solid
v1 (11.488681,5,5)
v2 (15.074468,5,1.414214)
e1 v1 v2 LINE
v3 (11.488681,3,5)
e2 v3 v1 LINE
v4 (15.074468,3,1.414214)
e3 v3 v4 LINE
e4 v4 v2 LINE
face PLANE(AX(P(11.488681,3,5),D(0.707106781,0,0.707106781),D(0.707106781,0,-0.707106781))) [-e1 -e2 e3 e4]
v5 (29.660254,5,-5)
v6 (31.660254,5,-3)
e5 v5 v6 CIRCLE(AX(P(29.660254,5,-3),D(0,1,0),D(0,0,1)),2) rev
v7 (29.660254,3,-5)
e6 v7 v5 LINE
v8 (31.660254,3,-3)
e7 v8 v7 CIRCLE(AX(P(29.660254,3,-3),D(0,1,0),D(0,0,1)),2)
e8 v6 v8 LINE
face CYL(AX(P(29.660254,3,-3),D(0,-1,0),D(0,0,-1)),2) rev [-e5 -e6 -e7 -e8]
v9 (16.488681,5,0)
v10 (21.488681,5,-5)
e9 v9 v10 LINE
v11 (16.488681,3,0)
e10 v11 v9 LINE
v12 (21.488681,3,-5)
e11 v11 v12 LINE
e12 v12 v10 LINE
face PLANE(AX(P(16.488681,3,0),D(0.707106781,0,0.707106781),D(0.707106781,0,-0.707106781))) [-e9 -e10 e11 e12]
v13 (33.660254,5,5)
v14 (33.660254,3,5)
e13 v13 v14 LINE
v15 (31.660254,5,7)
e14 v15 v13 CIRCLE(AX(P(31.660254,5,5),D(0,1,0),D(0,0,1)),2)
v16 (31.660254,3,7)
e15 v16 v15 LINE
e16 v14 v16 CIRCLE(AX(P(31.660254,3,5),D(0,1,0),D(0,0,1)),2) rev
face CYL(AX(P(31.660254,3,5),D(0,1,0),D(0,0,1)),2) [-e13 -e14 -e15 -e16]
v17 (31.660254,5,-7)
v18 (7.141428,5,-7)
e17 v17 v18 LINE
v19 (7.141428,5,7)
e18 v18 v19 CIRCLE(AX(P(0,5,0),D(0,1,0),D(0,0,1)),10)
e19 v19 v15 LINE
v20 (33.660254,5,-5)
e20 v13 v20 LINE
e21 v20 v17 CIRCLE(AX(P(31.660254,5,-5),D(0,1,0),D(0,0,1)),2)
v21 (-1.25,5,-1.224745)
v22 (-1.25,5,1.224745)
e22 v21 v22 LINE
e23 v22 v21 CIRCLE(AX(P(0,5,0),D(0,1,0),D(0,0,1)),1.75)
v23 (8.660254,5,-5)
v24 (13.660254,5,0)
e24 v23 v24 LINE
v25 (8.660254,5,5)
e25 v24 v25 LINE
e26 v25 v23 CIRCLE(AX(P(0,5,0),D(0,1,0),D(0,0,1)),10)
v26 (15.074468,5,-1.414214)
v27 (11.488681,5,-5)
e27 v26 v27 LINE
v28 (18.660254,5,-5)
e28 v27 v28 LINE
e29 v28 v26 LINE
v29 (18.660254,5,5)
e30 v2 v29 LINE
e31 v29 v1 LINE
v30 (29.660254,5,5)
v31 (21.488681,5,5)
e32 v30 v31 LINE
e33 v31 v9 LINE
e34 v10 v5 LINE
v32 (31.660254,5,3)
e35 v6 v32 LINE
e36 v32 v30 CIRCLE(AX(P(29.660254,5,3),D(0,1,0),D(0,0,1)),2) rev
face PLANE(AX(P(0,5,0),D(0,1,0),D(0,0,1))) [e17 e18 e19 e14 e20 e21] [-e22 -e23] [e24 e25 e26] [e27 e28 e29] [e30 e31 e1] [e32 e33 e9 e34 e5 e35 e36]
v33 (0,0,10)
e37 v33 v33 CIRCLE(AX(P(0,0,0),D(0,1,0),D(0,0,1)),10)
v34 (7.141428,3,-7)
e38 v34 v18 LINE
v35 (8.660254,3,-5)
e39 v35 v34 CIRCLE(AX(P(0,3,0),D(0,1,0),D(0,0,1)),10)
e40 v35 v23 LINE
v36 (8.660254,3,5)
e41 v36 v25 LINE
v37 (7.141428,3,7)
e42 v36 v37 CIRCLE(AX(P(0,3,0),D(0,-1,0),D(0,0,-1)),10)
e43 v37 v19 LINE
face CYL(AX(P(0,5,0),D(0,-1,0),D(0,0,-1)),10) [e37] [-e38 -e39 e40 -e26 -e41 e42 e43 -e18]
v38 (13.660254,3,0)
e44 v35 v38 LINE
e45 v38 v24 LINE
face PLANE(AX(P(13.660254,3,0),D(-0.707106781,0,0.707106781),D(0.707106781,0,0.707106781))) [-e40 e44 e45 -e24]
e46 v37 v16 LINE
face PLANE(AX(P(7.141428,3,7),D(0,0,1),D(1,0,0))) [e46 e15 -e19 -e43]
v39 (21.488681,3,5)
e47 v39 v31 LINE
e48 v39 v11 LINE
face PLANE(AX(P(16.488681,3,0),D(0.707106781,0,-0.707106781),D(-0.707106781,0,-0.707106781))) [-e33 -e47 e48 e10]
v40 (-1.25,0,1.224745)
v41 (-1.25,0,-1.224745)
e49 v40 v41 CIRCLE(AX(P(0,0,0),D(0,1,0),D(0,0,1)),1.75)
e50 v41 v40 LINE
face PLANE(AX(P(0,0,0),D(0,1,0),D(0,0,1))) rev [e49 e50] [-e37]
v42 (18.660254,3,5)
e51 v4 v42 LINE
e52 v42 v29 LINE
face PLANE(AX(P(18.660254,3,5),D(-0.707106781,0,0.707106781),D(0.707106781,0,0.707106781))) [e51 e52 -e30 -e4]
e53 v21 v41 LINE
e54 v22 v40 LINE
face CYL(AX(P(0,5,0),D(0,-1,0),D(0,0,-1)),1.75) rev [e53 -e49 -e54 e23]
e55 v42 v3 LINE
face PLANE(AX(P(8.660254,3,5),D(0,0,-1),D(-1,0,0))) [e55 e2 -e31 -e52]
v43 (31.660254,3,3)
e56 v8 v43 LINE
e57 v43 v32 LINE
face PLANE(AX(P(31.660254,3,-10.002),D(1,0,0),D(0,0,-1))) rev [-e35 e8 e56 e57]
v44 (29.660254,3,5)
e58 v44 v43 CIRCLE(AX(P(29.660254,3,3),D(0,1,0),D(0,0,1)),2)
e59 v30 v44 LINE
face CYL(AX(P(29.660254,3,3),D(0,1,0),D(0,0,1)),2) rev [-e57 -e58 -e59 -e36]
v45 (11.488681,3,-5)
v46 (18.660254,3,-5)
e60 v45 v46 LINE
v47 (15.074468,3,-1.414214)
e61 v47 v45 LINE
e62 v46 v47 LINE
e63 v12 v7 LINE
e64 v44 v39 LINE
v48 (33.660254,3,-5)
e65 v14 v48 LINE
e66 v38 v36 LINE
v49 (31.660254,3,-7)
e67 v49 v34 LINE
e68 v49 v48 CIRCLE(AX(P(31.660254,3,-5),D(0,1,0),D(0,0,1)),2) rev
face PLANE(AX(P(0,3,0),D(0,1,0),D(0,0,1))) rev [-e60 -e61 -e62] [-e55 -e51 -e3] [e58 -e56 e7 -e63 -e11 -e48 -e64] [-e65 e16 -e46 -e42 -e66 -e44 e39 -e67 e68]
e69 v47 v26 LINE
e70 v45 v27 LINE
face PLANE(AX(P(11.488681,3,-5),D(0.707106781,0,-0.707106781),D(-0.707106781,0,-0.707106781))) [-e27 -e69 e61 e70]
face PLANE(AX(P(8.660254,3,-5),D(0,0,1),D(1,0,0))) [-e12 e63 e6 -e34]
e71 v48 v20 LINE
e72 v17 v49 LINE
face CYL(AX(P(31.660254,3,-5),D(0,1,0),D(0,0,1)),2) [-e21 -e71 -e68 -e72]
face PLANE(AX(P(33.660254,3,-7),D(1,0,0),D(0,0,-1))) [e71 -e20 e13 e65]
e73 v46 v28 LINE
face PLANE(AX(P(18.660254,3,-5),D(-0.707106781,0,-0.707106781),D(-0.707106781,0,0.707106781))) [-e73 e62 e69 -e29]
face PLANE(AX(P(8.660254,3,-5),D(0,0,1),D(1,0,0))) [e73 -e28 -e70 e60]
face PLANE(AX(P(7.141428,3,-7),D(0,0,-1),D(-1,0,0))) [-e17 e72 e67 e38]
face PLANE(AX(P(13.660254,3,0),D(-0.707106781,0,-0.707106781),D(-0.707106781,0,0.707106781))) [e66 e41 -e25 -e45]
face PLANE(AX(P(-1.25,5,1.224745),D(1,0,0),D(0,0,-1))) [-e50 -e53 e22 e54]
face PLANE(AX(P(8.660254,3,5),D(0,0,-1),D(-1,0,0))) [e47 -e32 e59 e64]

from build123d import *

# Parameters (mm, degrees)
SKETCH1_R           = 10
BOSS_EXTRUDE1_DEPTH = 5
BOSS_EXTRUDE2_DEPTH = 2
BOSS_EXTRUDE3_REACH = 39.189
SKETCH3_W           = 2
SKETCH3_H           = 2
BOSS_EXTRUDE5_DEPTH = 2
FILLET1_R           = 2


with BuildPart() as part:
    # Sketch1 → Boss-Extrude1 (new body)
    with BuildSketch(Plane(origin=(0, 0, 0), x_dir=(1, 0, 0), z_dir=(0, 1, 0))):
        with Locations(Location((0, 0, 0), (0, 0, 270))):
            Circle(SKETCH1_R)
        with BuildLine():
            Line((-1.25, -1.224744871), (-1.25, 1.224744871))
            ThreePointArc((-1.25, 1.224744871), (1.75, 0), (-1.25, -1.224744871))
        make_face(mode=Mode.SUBTRACT)
    extrude(amount=BOSS_EXTRUDE1_DEPTH)

    # Sketch2 → Boss-Extrude2 (add)
    with BuildSketch(Plane(origin=(0, 5, 0), x_dir=(1, 0, 0), z_dir=(0, 1, 0))):
        Polygon((8.660254038, 5), (33.660254038, 5), (33.660254038, 7), (7.141428429, 7), align=None)
        Polygon((7.141428429, -7), (33.660254038, -7), (33.660254038, -5), (8.660254038, -5), align=None)
    extrude(amount=-BOSS_EXTRUDE2_DEPTH)

    # Sketch3 → Boss-Extrude3 (add, up to next)
    with BuildSketch(Plane(origin=(0, 0, 5), x_dir=(-1, 0, 0), z_dir=(0, 0, -1)), mode=Mode.PRIVATE) as boss_extrude3_sk1:
        with Locations((-32.660254038, 4)):
            Rectangle(SKETCH3_W, SKETCH3_H)
    boss_extrude3_tool1 = extrude(boss_extrude3_sk1.sketch, amount=BOSS_EXTRUDE3_REACH, mode=Mode.PRIVATE) - part.part
    add(boss_extrude3_tool1.solids().sort_by_distance((32.660254, 4, 5))[0])

    # Sketch4 → Boss-Extrude5 (add)
    with BuildSketch(Plane(origin=(0, 5, 0), x_dir=(1, 0, 0), z_dir=(0, 1, 0))):
        Polygon((11.488681163, -5), (15.0744676, -1.414213562), (18.660254038, -5), (21.488681163, -5), (16.488681163, 0), (21.488681163, 5), (18.660254038, 5), (15.0744676, 1.414213562), (11.488681163, 5), (8.660254038, 5), (13.660254038, 0), (8.660254038, -5), align=None)
    extrude(amount=-BOSS_EXTRUDE5_DEPTH)

    # Fillet1
    fillet1_edges = [part.edges().sort_by_distance(p)[0] for p in [
        (33.660254038, 4, -7),
        (33.660254038, 4, 7),
        (31.660254038, 4, -5),
        (31.660254038, 4, 5),
    ]]
    fillet(fillet1_edges, radius=FILLET1_R)


solid = part.part
